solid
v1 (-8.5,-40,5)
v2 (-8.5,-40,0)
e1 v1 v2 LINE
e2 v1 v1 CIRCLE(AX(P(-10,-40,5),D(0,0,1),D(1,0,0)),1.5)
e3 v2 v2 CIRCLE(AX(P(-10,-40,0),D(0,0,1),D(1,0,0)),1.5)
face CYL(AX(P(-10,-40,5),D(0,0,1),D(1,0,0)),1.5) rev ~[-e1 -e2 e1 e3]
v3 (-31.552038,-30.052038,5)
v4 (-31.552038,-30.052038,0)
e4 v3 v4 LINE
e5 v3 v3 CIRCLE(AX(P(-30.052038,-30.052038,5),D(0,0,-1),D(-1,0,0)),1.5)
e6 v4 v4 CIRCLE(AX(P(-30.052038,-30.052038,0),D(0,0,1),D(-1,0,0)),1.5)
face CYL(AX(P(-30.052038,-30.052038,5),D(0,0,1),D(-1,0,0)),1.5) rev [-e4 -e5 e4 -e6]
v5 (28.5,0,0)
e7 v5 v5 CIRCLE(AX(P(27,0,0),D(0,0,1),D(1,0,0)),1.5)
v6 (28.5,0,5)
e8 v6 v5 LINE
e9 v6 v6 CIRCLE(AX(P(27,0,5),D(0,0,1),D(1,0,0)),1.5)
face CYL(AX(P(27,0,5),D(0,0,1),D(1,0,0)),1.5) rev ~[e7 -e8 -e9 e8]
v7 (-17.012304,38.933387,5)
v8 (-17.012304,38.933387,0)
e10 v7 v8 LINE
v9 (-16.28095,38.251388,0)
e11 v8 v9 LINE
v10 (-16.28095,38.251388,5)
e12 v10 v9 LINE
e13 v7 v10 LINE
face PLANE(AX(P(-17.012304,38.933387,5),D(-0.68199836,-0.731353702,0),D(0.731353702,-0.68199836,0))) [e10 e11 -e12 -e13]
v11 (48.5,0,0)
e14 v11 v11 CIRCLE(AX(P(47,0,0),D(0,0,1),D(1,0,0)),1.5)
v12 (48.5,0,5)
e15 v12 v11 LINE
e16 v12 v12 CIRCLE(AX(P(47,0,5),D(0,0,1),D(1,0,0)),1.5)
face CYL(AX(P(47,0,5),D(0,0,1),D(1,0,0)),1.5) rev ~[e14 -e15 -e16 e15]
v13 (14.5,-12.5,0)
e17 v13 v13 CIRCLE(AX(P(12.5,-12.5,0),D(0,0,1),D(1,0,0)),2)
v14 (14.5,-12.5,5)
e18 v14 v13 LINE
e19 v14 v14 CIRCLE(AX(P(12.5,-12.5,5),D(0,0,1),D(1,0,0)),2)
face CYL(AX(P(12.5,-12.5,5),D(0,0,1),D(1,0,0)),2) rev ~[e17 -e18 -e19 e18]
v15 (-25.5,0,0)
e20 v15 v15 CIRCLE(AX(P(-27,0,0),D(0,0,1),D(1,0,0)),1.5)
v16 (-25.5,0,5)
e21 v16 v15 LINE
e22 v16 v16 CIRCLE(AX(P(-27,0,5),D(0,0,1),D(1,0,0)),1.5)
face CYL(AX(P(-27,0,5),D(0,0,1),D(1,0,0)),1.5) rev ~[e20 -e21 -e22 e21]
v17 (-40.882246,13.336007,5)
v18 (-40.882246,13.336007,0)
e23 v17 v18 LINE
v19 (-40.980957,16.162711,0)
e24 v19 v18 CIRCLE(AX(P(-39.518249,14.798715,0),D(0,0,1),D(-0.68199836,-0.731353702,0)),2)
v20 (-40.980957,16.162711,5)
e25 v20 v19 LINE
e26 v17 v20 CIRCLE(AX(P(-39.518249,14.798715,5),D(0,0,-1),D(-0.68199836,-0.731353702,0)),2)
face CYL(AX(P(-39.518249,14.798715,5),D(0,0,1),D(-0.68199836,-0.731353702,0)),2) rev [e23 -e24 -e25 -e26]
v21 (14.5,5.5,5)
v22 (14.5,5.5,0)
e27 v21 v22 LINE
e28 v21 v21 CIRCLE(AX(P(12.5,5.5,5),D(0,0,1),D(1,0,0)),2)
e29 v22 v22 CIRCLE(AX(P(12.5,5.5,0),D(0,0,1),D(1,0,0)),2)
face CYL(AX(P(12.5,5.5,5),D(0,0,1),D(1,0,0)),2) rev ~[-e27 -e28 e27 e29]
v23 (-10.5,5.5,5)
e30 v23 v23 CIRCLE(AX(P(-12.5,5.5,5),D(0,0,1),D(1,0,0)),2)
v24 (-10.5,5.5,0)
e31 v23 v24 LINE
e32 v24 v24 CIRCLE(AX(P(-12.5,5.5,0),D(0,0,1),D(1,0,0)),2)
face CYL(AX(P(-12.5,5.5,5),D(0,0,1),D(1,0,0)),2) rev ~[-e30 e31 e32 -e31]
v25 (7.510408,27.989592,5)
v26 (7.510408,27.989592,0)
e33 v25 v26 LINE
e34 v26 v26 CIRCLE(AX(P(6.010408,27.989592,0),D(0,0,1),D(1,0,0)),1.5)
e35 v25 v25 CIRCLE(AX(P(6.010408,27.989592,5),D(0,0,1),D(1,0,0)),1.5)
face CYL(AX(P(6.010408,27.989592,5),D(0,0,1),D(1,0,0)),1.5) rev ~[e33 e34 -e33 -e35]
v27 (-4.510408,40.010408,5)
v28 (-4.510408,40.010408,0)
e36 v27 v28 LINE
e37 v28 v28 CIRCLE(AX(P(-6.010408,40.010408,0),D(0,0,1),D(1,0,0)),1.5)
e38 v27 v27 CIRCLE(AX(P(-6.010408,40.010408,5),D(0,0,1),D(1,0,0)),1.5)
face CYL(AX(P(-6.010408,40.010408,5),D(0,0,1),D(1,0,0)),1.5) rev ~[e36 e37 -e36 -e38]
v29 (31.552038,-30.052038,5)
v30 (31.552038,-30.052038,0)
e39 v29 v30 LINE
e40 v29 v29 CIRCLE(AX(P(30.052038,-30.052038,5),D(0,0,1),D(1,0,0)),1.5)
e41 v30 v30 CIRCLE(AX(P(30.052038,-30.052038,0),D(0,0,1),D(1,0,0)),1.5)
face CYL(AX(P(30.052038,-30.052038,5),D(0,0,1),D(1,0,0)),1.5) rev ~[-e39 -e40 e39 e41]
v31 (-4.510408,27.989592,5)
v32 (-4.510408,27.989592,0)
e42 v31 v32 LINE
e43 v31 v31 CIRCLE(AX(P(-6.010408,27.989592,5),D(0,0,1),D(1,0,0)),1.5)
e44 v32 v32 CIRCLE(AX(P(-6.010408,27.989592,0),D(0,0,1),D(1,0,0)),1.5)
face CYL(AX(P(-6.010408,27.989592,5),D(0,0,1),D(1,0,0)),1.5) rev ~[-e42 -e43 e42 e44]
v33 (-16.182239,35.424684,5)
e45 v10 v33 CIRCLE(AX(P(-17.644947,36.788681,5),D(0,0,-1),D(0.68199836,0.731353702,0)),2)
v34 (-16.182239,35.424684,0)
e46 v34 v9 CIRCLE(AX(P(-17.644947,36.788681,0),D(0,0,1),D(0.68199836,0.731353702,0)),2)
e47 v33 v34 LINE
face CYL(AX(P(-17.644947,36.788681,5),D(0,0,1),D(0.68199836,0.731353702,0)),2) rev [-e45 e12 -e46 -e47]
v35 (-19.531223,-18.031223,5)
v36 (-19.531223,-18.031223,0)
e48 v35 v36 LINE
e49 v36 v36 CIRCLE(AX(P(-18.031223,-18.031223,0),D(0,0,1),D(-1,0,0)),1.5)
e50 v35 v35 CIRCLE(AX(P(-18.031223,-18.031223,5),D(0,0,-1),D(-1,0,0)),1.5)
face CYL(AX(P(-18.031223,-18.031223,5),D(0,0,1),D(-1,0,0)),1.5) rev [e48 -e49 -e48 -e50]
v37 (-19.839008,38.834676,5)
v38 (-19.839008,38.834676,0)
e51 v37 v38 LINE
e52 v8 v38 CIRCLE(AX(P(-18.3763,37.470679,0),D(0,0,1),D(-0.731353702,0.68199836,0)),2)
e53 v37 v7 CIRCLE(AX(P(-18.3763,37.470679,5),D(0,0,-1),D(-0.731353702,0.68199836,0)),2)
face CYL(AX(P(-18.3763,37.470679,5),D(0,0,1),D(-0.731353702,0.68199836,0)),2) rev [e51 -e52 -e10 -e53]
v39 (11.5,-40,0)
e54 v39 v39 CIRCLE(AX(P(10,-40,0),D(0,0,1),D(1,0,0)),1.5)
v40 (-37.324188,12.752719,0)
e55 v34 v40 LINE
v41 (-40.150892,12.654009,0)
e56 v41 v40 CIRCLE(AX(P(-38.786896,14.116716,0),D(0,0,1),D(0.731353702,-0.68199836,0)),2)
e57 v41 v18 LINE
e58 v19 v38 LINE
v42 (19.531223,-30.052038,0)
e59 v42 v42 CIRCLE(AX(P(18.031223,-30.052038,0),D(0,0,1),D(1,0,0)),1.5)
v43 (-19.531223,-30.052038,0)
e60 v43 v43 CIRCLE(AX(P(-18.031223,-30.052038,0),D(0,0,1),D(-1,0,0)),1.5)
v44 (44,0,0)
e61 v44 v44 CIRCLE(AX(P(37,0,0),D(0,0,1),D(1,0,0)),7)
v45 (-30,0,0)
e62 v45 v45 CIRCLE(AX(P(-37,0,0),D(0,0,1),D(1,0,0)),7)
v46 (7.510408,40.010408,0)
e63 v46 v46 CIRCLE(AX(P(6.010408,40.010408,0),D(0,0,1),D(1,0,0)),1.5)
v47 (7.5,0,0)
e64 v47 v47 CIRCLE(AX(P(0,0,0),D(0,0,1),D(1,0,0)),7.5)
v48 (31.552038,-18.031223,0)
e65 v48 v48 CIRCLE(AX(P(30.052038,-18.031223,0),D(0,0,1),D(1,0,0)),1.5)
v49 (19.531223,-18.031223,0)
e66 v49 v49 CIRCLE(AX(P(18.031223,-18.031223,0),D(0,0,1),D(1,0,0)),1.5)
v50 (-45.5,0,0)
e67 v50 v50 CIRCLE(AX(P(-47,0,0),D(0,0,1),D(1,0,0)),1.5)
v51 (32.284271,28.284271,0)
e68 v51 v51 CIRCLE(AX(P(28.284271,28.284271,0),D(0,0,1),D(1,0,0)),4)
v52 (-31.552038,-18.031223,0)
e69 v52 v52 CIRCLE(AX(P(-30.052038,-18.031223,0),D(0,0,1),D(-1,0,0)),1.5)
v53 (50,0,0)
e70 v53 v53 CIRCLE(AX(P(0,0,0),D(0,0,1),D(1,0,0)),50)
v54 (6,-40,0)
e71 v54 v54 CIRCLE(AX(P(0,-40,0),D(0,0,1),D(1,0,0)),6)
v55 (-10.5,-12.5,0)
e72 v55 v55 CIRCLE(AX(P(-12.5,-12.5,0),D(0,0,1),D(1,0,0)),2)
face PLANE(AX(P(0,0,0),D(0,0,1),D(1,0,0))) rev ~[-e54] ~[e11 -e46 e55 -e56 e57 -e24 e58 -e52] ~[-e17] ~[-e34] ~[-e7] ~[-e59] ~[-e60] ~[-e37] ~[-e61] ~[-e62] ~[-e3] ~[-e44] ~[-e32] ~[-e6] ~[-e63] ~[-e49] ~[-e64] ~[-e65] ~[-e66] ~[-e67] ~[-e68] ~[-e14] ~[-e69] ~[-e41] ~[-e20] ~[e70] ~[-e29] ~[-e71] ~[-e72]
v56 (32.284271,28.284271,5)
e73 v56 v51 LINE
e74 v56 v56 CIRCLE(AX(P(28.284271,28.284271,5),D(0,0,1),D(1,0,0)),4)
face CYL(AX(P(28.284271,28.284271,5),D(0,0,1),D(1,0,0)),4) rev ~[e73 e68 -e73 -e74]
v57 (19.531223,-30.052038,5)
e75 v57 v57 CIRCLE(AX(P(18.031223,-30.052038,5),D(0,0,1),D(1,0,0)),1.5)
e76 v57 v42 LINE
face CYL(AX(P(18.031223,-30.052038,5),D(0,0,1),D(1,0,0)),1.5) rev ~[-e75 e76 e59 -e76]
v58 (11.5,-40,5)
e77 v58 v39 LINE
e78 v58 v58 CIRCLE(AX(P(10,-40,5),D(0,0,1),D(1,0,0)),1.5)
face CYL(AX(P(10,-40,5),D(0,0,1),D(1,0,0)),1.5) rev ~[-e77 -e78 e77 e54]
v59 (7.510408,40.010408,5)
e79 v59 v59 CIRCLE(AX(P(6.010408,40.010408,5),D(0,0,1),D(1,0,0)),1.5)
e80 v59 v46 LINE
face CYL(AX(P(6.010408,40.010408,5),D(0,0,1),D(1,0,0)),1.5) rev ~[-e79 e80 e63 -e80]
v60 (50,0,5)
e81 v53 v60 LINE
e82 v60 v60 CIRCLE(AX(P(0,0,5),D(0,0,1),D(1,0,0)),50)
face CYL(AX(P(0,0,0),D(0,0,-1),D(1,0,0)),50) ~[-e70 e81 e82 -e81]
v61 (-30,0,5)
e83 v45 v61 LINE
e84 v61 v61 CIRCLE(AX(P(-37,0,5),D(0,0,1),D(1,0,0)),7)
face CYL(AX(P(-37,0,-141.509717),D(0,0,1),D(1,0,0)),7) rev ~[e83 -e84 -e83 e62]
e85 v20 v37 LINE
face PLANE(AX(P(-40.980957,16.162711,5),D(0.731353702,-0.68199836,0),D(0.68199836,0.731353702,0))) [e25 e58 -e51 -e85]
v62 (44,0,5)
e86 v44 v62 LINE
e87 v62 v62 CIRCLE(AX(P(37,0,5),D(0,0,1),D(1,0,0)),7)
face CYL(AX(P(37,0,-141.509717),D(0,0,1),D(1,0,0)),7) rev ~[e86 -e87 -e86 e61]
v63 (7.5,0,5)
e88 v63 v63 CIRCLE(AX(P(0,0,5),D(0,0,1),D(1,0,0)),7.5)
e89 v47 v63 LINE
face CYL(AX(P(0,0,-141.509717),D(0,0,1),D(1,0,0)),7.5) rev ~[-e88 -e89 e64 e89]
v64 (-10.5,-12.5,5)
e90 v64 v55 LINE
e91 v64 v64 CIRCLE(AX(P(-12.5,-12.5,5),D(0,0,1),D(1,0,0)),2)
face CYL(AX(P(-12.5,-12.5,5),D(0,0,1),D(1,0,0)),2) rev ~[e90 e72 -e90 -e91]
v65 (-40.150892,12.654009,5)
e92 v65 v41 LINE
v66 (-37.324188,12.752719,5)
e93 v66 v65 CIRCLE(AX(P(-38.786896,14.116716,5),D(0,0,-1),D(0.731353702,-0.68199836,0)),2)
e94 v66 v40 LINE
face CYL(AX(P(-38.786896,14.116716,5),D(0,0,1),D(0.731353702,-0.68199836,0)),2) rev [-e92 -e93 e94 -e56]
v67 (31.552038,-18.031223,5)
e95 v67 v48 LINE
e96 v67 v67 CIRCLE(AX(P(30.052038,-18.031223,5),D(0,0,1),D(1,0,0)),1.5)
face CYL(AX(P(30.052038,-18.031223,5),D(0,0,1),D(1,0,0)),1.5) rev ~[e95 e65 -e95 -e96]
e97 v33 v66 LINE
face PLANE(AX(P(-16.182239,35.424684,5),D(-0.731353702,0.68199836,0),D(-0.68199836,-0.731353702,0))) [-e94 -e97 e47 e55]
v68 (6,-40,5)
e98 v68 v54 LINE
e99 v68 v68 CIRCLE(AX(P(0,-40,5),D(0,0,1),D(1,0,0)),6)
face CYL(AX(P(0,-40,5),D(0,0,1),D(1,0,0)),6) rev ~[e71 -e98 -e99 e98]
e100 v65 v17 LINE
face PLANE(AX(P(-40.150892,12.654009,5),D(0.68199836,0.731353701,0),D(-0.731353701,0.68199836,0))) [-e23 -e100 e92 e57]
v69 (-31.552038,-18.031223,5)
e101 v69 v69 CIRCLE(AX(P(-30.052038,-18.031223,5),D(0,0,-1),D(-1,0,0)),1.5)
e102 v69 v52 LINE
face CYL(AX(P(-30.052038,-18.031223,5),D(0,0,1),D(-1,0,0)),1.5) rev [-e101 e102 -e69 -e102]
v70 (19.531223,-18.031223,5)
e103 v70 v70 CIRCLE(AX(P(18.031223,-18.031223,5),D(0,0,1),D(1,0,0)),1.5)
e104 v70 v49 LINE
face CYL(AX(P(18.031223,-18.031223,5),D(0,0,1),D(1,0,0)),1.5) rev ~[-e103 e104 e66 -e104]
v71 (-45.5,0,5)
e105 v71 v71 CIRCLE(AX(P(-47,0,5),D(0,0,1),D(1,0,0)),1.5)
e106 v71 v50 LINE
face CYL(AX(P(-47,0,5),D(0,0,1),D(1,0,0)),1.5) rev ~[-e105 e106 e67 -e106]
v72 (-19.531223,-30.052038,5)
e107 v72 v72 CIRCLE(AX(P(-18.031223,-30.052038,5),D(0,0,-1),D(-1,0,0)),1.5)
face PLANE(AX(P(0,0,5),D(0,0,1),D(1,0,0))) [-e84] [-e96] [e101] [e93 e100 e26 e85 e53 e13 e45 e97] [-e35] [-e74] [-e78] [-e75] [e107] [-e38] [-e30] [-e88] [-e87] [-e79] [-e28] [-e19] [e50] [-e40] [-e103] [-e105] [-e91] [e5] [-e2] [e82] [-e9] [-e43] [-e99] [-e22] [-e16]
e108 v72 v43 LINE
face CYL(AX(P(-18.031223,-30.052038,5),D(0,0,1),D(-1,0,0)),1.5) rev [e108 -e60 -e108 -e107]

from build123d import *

# Parameters (mm, degrees)
SKETCH1_R                  = 50
BOSS_EXTRUDE1_DEPTH        = 5
F_15_0_15_DIAMETER_HOLE1_D = 15
F_14_0_14_DIAMETER_HOLE1_D = 14
SKETCH9_R                  = 2
CUT_EXTRUDE1_DEPTH         = 10
SKETCH10_R                 = 6
CUT_EXTRUDE2_DEPTH         = 10
SKETCH11_R                 = 1.5
CUT_EXTRUDE3_DEPTH         = 10
SKETCH12_R                 = 1.5
CUT_EXTRUDE4_DEPTH         = 10
SKETCH13_R                 = 1.5
CUT_EXTRUDE5_DEPTH         = 10
SKETCH14_R                 = 4
CUT_EXTRUDE6_DEPTH         = 10
CUT_EXTRUDE7_DEPTH         = 10


with BuildPart() as part:
    # Sketch1 → Boss-Extrude1 (new body)
    with BuildSketch(Plane.XY):
        Circle(SKETCH1_R)
    extrude(amount=BOSS_EXTRUDE1_DEPTH)

    # Ø15.0 (15) Diameter Hole1 (through all)
    with Locations(Plane(origin=(0, 0, 0), x_dir=(-1, 0, 0), z_dir=(0, 0, -1))):
        with Locations((0, 0)):
            Hole(F_15_0_15_DIAMETER_HOLE1_D / 2)

    # Ø14.0 (14) Diameter Hole1 (through all)
    with Locations(Plane(origin=(0, 0, 0), x_dir=(-1, 0, 0), z_dir=(0, 0, -1))):
        with Locations((37, 0), (-37, 0)):
            Hole(F_14_0_14_DIAMETER_HOLE1_D / 2)

    # Sketch9 → Cut-Extrude1 (cut)
    with BuildSketch(Plane.XY.offset(5)):
        with Locations((12.5, 5.5)):
            Circle(SKETCH9_R)
        with Locations((12.5, -12.5)):
            Circle(SKETCH9_R)
        with Locations((-12.5, -12.5)):
            Circle(SKETCH9_R)
        with Locations((-12.5, 5.5)):
            Circle(SKETCH9_R)
    extrude(amount=-CUT_EXTRUDE1_DEPTH, mode=Mode.SUBTRACT)

    # Sketch10 → Cut-Extrude2 (cut)
    with BuildSketch(Plane.XY.offset(5)):
        with Locations((0, -40)):
            Circle(SKETCH10_R)
    extrude(amount=-CUT_EXTRUDE2_DEPTH, mode=Mode.SUBTRACT)

    # Sketch11 → Cut-Extrude3 (cut)
    with BuildSketch(Plane.XY.offset(5)):
        with Locations((30.0520382, -18.03122292)):
            Circle(SKETCH11_R)
        with Locations((30.0520382, -30.0520382)):
            Circle(SKETCH11_R)
        with Locations((18.03122292, -30.0520382)):
            Circle(SKETCH11_R)
        with Locations((18.03122292, -18.03122292)):
            Circle(SKETCH11_R)
    cut_extrude3 = extrude(amount=-CUT_EXTRUDE3_DEPTH, mode=Mode.SUBTRACT)

    # Mirror1: Cut-Extrude3 across plane
    add(cut_extrude3.mirror(Plane(origin=(0, 0, 0), x_dir=(0, 0, 1), z_dir=(1, 0, 0))), mode=Mode.SUBTRACT)

    # Sketch12 → Cut-Extrude4 (cut)
    with BuildSketch(Plane.XY.offset(5)):
        with Locations((6.01040764, 40.01040764)):
            Circle(SKETCH12_R)
        with Locations((6.01040764, 27.98959236)):
            Circle(SKETCH12_R)
        with Locations((-6.01040764, 27.98959236)):
            Circle(SKETCH12_R)
        with Locations((-6.01040764, 40.01040764)):
            Circle(SKETCH12_R)
    extrude(amount=-CUT_EXTRUDE4_DEPTH, mode=Mode.SUBTRACT)

    # Sketch13 → Cut-Extrude5 (cut)
    with BuildSketch(Plane.XY.offset(5)):
        with Locations((-47, 0)):
            Circle(SKETCH13_R)
        with Locations((-27, 0)):
            Circle(SKETCH13_R)
        with Locations((-10, -40)):
            Circle(SKETCH13_R)
        with Locations((10, -40)):
            Circle(SKETCH13_R)
        with Locations((27, 0)):
            Circle(SKETCH13_R)
        with Locations((47, 0)):
            Circle(SKETCH13_R)
    extrude(amount=-CUT_EXTRUDE5_DEPTH, mode=Mode.SUBTRACT)

    # Sketch14 → Cut-Extrude6 (cut)
    with BuildSketch(Plane.XY.offset(5)):
        with Locations((28.284271247, 28.284271247)):
            Circle(SKETCH14_R)
    extrude(amount=-CUT_EXTRUDE6_DEPTH, mode=Mode.SUBTRACT)

    # Sketch15 → Cut-Extrude7 (cut)
    with BuildSketch(Plane.XY.offset(5)):
        with BuildLine():
            Line((-17.012303521, 38.933386687), (-16.280949819, 38.251388327))
            ThreePointArc((-16.280949819, 38.251388327), (-15.646164885, 36.858479918), (-16.182239136, 35.424684204))
            Line((-16.182239136, 35.424684204), (-37.324188298, 12.752719454))
            ThreePointArc((-37.324188298, 12.752719454), (-38.717096708, 12.11793452), (-40.150892422, 12.654008771))
            Line((-40.150892422, 12.654008771), (-40.882246123, 13.336007131))
            ThreePointArc((-40.882246123, 13.336007131), (-41.517031057, 14.728915541), (-40.980956806, 16.162711254))
            Line((-40.980956806, 16.162711254), (-19.839007644, 38.834676004))
            ThreePointArc((-19.839007644, 38.834676004), (-18.446099234, 39.469460938), (-17.012303521, 38.933386687))
        make_face()
    extrude(amount=-CUT_EXTRUDE7_DEPTH, mode=Mode.SUBTRACT)


solid = part.part
